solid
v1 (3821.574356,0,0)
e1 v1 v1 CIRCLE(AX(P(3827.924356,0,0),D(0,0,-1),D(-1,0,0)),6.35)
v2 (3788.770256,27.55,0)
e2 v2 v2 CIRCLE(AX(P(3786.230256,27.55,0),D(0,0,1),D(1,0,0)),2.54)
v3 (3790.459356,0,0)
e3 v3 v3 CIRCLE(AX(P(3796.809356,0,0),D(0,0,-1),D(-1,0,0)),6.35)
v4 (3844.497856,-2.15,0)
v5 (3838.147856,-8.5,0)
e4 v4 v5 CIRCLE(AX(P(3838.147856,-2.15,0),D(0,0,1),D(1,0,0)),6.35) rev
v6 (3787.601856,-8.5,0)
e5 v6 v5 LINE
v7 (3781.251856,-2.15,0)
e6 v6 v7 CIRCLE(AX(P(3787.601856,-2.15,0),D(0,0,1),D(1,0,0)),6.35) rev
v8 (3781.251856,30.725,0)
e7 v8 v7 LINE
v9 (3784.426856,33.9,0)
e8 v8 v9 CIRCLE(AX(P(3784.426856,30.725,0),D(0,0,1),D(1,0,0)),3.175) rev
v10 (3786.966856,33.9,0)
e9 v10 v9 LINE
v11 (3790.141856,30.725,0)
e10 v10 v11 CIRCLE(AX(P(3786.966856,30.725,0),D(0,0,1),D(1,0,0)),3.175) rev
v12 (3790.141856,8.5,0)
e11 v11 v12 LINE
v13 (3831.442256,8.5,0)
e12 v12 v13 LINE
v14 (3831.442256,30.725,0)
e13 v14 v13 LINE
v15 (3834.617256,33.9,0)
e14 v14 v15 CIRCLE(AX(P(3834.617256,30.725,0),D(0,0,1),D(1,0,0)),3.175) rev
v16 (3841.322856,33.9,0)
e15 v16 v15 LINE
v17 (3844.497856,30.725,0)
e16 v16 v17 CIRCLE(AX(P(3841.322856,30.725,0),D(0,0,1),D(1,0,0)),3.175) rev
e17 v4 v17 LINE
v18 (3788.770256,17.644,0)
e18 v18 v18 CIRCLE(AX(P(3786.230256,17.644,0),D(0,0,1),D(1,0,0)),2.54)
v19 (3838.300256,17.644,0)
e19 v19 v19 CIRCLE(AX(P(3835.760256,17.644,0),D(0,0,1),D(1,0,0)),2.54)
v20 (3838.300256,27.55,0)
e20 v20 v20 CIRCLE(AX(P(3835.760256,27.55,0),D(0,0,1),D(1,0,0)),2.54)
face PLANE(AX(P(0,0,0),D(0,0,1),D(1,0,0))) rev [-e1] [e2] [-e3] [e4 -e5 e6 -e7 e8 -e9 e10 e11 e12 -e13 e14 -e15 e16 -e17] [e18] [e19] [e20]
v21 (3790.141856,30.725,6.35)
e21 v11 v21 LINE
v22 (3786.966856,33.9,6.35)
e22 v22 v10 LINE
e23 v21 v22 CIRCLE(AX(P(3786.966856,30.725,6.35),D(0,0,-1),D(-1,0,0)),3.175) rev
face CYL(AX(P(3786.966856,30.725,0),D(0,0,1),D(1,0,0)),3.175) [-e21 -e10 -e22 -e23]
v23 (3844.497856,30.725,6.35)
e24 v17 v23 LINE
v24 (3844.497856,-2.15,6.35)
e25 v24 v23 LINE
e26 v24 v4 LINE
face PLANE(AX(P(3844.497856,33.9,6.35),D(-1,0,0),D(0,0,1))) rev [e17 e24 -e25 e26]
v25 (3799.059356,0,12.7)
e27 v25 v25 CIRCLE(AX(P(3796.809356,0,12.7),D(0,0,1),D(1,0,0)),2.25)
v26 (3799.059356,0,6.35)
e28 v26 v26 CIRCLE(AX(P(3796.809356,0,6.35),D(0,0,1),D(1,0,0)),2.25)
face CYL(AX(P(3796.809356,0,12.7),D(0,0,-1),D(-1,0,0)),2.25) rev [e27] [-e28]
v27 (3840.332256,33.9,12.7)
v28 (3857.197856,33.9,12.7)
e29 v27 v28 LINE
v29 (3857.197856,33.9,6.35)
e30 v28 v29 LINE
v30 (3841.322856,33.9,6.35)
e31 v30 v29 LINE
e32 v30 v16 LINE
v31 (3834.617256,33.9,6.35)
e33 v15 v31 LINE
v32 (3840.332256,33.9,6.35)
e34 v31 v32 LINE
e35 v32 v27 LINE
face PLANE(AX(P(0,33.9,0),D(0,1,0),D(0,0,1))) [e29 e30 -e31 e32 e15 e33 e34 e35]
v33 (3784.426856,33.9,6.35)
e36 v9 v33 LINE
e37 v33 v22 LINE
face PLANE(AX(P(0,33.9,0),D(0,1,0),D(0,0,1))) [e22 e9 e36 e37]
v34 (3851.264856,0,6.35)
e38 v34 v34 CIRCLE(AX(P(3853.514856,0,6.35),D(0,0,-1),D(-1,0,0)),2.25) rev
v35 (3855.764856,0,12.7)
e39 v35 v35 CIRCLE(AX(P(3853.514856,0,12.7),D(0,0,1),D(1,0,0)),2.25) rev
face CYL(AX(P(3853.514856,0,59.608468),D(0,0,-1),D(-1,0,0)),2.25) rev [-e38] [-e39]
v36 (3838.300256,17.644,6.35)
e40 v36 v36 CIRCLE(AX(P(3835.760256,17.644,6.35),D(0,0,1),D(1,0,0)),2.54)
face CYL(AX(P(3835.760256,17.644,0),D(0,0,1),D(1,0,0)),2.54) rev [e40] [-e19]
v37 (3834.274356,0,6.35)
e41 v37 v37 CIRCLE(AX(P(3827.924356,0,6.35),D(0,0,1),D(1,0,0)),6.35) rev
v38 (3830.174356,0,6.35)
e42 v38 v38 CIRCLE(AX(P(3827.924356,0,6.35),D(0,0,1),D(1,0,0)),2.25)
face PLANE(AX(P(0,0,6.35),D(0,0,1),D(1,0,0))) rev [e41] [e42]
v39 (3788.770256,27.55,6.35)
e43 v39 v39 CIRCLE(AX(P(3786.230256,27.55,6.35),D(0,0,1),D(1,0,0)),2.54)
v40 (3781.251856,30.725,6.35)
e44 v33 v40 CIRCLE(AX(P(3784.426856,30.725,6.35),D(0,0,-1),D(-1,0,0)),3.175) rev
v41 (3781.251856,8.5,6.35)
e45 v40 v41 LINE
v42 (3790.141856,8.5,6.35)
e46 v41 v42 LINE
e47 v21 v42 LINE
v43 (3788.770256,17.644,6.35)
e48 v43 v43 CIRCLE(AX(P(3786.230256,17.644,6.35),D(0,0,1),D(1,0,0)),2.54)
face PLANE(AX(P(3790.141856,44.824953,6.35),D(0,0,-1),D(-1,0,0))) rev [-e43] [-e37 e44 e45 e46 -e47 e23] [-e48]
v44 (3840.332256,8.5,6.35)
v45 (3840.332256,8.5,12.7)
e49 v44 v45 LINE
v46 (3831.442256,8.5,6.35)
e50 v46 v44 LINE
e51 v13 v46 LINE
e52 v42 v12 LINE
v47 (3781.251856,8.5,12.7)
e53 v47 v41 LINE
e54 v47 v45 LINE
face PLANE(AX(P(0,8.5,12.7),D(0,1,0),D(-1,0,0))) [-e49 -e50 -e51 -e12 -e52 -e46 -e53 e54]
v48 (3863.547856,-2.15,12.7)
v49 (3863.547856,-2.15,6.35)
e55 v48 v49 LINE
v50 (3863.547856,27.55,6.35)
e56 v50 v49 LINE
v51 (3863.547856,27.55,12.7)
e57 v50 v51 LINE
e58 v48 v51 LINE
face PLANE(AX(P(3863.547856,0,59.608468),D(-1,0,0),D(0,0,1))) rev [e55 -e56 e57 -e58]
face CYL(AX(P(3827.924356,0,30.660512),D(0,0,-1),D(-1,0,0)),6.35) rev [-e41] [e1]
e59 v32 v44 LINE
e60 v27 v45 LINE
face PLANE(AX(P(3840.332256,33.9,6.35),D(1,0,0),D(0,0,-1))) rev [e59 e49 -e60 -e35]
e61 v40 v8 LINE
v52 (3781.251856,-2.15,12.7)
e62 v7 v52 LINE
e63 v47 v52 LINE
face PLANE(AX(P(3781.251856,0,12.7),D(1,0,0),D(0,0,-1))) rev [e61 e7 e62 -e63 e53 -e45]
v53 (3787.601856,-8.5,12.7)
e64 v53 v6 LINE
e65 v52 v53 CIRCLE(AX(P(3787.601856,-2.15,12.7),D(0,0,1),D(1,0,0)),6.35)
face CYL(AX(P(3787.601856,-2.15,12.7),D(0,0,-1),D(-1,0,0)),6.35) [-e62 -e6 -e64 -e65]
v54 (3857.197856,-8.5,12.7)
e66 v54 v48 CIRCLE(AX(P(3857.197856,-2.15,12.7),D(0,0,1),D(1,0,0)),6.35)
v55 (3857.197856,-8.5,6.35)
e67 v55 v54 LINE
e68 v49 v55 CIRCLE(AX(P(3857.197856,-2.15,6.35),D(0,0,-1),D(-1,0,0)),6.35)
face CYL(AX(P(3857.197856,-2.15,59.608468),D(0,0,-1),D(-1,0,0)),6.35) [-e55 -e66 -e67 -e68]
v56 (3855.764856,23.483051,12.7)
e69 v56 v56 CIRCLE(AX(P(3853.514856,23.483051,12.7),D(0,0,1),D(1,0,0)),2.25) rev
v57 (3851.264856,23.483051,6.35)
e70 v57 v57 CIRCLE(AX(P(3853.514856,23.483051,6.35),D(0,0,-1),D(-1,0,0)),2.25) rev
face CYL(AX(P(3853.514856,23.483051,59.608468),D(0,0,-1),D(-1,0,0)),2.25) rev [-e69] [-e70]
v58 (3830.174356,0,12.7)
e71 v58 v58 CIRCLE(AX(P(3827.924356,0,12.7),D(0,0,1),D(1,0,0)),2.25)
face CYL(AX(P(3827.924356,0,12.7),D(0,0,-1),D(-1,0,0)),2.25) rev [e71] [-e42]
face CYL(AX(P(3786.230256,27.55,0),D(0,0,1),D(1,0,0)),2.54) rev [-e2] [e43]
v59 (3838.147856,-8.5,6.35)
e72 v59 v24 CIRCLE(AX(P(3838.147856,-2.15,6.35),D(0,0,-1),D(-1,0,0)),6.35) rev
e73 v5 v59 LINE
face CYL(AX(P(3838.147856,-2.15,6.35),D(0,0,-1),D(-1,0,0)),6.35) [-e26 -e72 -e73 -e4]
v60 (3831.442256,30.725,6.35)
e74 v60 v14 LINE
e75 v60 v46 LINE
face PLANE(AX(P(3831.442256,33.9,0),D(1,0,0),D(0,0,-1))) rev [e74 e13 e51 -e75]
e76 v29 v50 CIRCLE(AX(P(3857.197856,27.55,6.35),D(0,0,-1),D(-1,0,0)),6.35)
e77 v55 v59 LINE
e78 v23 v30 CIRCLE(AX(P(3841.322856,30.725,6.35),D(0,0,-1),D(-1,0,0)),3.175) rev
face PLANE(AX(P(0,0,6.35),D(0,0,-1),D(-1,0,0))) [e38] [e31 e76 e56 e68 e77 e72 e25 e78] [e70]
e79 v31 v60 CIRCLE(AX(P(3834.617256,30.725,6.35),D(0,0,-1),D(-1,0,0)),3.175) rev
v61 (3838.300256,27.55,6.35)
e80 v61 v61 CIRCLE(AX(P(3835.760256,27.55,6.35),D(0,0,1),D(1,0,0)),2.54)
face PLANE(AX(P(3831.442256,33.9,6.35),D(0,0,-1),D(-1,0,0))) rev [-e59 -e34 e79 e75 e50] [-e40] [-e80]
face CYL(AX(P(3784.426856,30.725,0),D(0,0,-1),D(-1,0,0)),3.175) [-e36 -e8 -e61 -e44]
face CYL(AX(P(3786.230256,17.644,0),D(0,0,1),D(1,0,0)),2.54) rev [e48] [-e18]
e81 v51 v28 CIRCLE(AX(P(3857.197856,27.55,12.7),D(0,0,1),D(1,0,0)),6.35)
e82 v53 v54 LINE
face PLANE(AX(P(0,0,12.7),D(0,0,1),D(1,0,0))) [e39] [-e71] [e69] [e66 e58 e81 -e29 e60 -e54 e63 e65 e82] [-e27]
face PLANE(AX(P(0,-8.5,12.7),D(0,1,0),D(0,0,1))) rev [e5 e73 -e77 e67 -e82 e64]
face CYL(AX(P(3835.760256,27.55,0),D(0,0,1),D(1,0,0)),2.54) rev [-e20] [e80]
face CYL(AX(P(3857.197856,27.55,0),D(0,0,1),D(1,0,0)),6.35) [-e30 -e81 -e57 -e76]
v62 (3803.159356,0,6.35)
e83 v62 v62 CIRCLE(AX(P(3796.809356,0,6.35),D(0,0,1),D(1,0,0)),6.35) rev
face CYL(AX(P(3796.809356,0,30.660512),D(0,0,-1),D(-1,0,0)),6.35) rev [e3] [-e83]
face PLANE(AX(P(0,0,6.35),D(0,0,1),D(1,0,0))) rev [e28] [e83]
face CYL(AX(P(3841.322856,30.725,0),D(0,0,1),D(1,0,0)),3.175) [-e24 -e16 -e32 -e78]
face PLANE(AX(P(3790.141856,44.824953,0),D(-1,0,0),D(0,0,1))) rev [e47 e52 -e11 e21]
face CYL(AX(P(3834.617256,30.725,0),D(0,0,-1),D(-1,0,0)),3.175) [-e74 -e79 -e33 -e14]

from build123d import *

# Parameters (mm, degrees)
BOSS_EXTRUDE1_DEPTH = 12.7
BOSS_EXTRUDE2_DEPTH = 25.4
SKETCH4_W           = 8.89
SKETCH4_H           = 6.35
BOSS_EXTRUDE3_DEPTH = 25.4
SKETCH5_R           = 2.54
CUT_EXTRUDE1_DEPTH  = 7.35
SKETCH6_W           = 20.066
SKETCH6_H           = 42.4
SKETCH6_R           = 2.25
BOSS_EXTRUDE4_DEPTH = 12.7
SKETCH7_R           = 6.35
SKETCH7_R_2         = 2.25
CUT_EXTRUDE2_DEPTH  = 6.35
SKETCH8_W           = 19.05
SKETCH8_H           = 42.4
CUT_EXTRUDE3_DEPTH  = 6.35
FILLET1_R           = 6.35
FILLET2_R           = 3.175


with BuildPart() as part:
    # Sketch1 → Boss-Extrude1 (new body)
    with BuildSketch(Plane.XY):
        Polygon((3833.667818581, -3.138), (3791.065892699, -3.138), (3781.25185564, -8.5), (3843.48185564, -8.5), align=None)
        with BuildLine():
            Line((3825.67435564, 0), (3799.05935564, 0))
            ThreePointArc((3799.05935564, 0), (3797.366063058, -2.180040562), (3794.834842884, -1.078795335))
            Line((3794.834842884, -1.078795335), (3791.065892699, -3.138))
            Line((3791.065892699, -3.138), (3833.667818581, -3.138))
            Line((3833.667818581, -3.138), (3829.898868396, -1.078795335))
            ThreePointArc((3829.898868396, -1.078795335), (3827.367648222, -2.180040562), (3825.67435564, 0))
        make_face()
        with BuildLine():
            Line((3843.48185564, -3.138), (3843.48185564, 0))
            Line((3843.48185564, 0), (3830.17435564, 0))
            ThreePointArc((3830.17435564, 0), (3830.104396202, -0.556707418), (3829.898868396, -1.078795335))
            Line((3829.898868396, -1.078795335), (3833.667818581, -3.138))
            Line((3833.667818581, -3.138), (3843.48185564, -3.138))
        make_face()
        Polygon((3812.36685564, 8.5), (3822.180892699, 3.138), (3843.48185564, 3.138), (3843.48185564, 8.5), align=None)
        with BuildLine():
            Line((3843.48185564, 3.138), (3822.180892699, 3.138))
            Line((3822.180892699, 3.138), (3825.949842884, 1.078795335))
            ThreePointArc((3825.949842884, 1.078795335), (3828.481063058, 2.180040562), (3830.17435564, 0))
            Line((3830.17435564, 0), (3843.48185564, 0))
            Line((3843.48185564, 0), (3843.48185564, 3.138))
        make_face()
        with BuildLine():
            Line((3822.180892699, 3.138), (3802.552818581, 3.138))
            Line((3802.552818581, 3.138), (3798.783868396, 1.078795335))
            ThreePointArc((3798.783868396, 1.078795335), (3798.989396202, 0.556707418), (3799.05935564, 0))
            Line((3799.05935564, 0), (3825.67435564, 0))
            ThreePointArc((3825.67435564, 0), (3825.744315078, 0.556707418), (3825.949842884, 1.078795335))
            Line((3825.949842884, 1.078795335), (3822.180892699, 3.138))
        make_face()
        Polygon((3812.36685564, 8.5), (3802.552818581, 3.138), (3822.180892699, 3.138), align=None)
        Polygon((3781.25185564, 8.5), (3781.25185564, 3.138), (3802.552818581, 3.138), (3812.36685564, 8.5), align=None)
        with BuildLine():
            Line((3802.552818581, 3.138), (3781.25185564, 3.138))
            Line((3781.25185564, 3.138), (3781.25185564, 0))
            Line((3781.25185564, 0), (3794.55935564, 0))
            ThreePointArc((3794.55935564, 0), (3796.252648222, 2.180040562), (3798.783868396, 1.078795335))
            Line((3798.783868396, 1.078795335), (3802.552818581, 3.138))
        make_face()
        with BuildLine():
            Line((3794.55935564, 0), (3781.25185564, 0))
            Line((3781.25185564, 0), (3781.25185564, -3.138))
            Line((3781.25185564, -3.138), (3791.065892699, -3.138))
            Line((3791.065892699, -3.138), (3794.834842884, -1.078795335))
            ThreePointArc((3794.834842884, -1.078795335), (3794.629315078, -0.556707418), (3794.55935564, 0))
        make_face()
        Polygon((3791.065892699, -3.138), (3781.25185564, -3.138), (3781.25185564, -8.5), align=None)
        Polygon((3843.48185564, -3.138), (3833.667818581, -3.138), (3843.48185564, -8.5), align=None)
    extrude(amount=BOSS_EXTRUDE1_DEPTH)

    # Sketch3 → Boss-Extrude2 (add)
    with BuildSketch(Plane(origin=(0, 8.5, 0), x_dir=(1, 0, 0), z_dir=(0, 1, 0))):
        Polygon((3831.44225564, 0), (3831.44225564, -6.35), (3840.33225564, -6.35), (3840.33225564, -12.7), (3843.48185564, -12.7), (3843.48185564, 0), align=None)
    extrude(amount=BOSS_EXTRUDE2_DEPTH)

    # Sketch4 → Boss-Extrude3 (add)
    with BuildSketch(Plane(origin=(0, 8.5, 0), x_dir=(1, 0, 0), z_dir=(0, 1, 0))):
        with Locations((3785.69685564, -3.175)):
            Rectangle(SKETCH4_W, SKETCH4_H)
    extrude(amount=BOSS_EXTRUDE3_DEPTH)

    # Sketch5 → Cut-Extrude1 (cut, through all)
    with BuildSketch(Plane.XY.offset(6.35)):
        with Locations((3835.76025564, 27.55)):
            Circle(SKETCH5_R)
        with Locations((3835.76025564, 17.644)):
            Circle(SKETCH5_R)
        with Locations((3786.23025564, 17.644)):
            Circle(SKETCH5_R)
        with Locations((3786.23025564, 27.55)):
            Circle(SKETCH5_R)
    extrude(amount=-CUT_EXTRUDE1_DEPTH, mode=Mode.SUBTRACT)

    # Sketch6 → Boss-Extrude4 (add)
    with BuildSketch(Plane(origin=(0, 0, 0), x_dir=(-1, 0, 0), z_dir=(0, 0, -1))):
        with Locations((-3853.51485564, 12.7)):
            Rectangle(SKETCH6_W, SKETCH6_H)
        with Locations((-3853.51485564, 0)):
            Circle(SKETCH6_R, mode=Mode.SUBTRACT)
        with Locations((-3853.51485564, 23.4830509)):
            Circle(SKETCH6_R, mode=Mode.SUBTRACT)
    extrude(amount=-BOSS_EXTRUDE4_DEPTH)

    # Sketch7 → Cut-Extrude2 (cut)
    with BuildSketch(Plane(origin=(0, 0, 0), x_dir=(-1, 0, 0), z_dir=(0, 0, -1))):
        with Locations((-3827.92435564, 0)):
            Circle(SKETCH7_R)
        with Locations((-3827.92435564, 0)):
            Circle(SKETCH7_R_2, mode=Mode.SUBTRACT)
        with Locations((-3796.80935564, 0)):
            Circle(SKETCH7_R)
        with Locations((-3796.80935564, 0)):
            Circle(SKETCH7_R_2, mode=Mode.SUBTRACT)
    extrude(amount=-CUT_EXTRUDE2_DEPTH, mode=Mode.SUBTRACT)

    # Sketch8 → Cut-Extrude3 (cut)
    with BuildSketch(Plane(origin=(0, 0, 0), x_dir=(-1, 0, 0), z_dir=(0, 0, -1))):
        with Locations((-3854.02285564, 12.7)):
            Rectangle(SKETCH8_W, SKETCH8_H)
    extrude(amount=-CUT_EXTRUDE3_DEPTH, mode=Mode.SUBTRACT)

    # Fillet1
    fillet1_edges = [part.edges().sort_by_distance(p)[0] for p in [
        (3844.49785564, -8.5, 3.175),
        (3781.25185564, -8.5, 6.35),
        (3863.54785564, 33.9, 9.525),
        (3863.54785564, -8.5, 9.525),
    ]]
    fillet(fillet1_edges, radius=FILLET1_R)

    # Fillet2
    fillet2_edges = [part.edges().sort_by_distance(p)[0] for p in [
        (3844.49785564, 33.9, 3.175),
        (3831.44225564, 33.9, 3.175),
        (3781.25185564, 33.9, 3.175),
        (3790.14185564, 33.9, 3.175),
    ]]
    fillet(fillet2_edges, radius=FILLET2_R)


solid = part.part
